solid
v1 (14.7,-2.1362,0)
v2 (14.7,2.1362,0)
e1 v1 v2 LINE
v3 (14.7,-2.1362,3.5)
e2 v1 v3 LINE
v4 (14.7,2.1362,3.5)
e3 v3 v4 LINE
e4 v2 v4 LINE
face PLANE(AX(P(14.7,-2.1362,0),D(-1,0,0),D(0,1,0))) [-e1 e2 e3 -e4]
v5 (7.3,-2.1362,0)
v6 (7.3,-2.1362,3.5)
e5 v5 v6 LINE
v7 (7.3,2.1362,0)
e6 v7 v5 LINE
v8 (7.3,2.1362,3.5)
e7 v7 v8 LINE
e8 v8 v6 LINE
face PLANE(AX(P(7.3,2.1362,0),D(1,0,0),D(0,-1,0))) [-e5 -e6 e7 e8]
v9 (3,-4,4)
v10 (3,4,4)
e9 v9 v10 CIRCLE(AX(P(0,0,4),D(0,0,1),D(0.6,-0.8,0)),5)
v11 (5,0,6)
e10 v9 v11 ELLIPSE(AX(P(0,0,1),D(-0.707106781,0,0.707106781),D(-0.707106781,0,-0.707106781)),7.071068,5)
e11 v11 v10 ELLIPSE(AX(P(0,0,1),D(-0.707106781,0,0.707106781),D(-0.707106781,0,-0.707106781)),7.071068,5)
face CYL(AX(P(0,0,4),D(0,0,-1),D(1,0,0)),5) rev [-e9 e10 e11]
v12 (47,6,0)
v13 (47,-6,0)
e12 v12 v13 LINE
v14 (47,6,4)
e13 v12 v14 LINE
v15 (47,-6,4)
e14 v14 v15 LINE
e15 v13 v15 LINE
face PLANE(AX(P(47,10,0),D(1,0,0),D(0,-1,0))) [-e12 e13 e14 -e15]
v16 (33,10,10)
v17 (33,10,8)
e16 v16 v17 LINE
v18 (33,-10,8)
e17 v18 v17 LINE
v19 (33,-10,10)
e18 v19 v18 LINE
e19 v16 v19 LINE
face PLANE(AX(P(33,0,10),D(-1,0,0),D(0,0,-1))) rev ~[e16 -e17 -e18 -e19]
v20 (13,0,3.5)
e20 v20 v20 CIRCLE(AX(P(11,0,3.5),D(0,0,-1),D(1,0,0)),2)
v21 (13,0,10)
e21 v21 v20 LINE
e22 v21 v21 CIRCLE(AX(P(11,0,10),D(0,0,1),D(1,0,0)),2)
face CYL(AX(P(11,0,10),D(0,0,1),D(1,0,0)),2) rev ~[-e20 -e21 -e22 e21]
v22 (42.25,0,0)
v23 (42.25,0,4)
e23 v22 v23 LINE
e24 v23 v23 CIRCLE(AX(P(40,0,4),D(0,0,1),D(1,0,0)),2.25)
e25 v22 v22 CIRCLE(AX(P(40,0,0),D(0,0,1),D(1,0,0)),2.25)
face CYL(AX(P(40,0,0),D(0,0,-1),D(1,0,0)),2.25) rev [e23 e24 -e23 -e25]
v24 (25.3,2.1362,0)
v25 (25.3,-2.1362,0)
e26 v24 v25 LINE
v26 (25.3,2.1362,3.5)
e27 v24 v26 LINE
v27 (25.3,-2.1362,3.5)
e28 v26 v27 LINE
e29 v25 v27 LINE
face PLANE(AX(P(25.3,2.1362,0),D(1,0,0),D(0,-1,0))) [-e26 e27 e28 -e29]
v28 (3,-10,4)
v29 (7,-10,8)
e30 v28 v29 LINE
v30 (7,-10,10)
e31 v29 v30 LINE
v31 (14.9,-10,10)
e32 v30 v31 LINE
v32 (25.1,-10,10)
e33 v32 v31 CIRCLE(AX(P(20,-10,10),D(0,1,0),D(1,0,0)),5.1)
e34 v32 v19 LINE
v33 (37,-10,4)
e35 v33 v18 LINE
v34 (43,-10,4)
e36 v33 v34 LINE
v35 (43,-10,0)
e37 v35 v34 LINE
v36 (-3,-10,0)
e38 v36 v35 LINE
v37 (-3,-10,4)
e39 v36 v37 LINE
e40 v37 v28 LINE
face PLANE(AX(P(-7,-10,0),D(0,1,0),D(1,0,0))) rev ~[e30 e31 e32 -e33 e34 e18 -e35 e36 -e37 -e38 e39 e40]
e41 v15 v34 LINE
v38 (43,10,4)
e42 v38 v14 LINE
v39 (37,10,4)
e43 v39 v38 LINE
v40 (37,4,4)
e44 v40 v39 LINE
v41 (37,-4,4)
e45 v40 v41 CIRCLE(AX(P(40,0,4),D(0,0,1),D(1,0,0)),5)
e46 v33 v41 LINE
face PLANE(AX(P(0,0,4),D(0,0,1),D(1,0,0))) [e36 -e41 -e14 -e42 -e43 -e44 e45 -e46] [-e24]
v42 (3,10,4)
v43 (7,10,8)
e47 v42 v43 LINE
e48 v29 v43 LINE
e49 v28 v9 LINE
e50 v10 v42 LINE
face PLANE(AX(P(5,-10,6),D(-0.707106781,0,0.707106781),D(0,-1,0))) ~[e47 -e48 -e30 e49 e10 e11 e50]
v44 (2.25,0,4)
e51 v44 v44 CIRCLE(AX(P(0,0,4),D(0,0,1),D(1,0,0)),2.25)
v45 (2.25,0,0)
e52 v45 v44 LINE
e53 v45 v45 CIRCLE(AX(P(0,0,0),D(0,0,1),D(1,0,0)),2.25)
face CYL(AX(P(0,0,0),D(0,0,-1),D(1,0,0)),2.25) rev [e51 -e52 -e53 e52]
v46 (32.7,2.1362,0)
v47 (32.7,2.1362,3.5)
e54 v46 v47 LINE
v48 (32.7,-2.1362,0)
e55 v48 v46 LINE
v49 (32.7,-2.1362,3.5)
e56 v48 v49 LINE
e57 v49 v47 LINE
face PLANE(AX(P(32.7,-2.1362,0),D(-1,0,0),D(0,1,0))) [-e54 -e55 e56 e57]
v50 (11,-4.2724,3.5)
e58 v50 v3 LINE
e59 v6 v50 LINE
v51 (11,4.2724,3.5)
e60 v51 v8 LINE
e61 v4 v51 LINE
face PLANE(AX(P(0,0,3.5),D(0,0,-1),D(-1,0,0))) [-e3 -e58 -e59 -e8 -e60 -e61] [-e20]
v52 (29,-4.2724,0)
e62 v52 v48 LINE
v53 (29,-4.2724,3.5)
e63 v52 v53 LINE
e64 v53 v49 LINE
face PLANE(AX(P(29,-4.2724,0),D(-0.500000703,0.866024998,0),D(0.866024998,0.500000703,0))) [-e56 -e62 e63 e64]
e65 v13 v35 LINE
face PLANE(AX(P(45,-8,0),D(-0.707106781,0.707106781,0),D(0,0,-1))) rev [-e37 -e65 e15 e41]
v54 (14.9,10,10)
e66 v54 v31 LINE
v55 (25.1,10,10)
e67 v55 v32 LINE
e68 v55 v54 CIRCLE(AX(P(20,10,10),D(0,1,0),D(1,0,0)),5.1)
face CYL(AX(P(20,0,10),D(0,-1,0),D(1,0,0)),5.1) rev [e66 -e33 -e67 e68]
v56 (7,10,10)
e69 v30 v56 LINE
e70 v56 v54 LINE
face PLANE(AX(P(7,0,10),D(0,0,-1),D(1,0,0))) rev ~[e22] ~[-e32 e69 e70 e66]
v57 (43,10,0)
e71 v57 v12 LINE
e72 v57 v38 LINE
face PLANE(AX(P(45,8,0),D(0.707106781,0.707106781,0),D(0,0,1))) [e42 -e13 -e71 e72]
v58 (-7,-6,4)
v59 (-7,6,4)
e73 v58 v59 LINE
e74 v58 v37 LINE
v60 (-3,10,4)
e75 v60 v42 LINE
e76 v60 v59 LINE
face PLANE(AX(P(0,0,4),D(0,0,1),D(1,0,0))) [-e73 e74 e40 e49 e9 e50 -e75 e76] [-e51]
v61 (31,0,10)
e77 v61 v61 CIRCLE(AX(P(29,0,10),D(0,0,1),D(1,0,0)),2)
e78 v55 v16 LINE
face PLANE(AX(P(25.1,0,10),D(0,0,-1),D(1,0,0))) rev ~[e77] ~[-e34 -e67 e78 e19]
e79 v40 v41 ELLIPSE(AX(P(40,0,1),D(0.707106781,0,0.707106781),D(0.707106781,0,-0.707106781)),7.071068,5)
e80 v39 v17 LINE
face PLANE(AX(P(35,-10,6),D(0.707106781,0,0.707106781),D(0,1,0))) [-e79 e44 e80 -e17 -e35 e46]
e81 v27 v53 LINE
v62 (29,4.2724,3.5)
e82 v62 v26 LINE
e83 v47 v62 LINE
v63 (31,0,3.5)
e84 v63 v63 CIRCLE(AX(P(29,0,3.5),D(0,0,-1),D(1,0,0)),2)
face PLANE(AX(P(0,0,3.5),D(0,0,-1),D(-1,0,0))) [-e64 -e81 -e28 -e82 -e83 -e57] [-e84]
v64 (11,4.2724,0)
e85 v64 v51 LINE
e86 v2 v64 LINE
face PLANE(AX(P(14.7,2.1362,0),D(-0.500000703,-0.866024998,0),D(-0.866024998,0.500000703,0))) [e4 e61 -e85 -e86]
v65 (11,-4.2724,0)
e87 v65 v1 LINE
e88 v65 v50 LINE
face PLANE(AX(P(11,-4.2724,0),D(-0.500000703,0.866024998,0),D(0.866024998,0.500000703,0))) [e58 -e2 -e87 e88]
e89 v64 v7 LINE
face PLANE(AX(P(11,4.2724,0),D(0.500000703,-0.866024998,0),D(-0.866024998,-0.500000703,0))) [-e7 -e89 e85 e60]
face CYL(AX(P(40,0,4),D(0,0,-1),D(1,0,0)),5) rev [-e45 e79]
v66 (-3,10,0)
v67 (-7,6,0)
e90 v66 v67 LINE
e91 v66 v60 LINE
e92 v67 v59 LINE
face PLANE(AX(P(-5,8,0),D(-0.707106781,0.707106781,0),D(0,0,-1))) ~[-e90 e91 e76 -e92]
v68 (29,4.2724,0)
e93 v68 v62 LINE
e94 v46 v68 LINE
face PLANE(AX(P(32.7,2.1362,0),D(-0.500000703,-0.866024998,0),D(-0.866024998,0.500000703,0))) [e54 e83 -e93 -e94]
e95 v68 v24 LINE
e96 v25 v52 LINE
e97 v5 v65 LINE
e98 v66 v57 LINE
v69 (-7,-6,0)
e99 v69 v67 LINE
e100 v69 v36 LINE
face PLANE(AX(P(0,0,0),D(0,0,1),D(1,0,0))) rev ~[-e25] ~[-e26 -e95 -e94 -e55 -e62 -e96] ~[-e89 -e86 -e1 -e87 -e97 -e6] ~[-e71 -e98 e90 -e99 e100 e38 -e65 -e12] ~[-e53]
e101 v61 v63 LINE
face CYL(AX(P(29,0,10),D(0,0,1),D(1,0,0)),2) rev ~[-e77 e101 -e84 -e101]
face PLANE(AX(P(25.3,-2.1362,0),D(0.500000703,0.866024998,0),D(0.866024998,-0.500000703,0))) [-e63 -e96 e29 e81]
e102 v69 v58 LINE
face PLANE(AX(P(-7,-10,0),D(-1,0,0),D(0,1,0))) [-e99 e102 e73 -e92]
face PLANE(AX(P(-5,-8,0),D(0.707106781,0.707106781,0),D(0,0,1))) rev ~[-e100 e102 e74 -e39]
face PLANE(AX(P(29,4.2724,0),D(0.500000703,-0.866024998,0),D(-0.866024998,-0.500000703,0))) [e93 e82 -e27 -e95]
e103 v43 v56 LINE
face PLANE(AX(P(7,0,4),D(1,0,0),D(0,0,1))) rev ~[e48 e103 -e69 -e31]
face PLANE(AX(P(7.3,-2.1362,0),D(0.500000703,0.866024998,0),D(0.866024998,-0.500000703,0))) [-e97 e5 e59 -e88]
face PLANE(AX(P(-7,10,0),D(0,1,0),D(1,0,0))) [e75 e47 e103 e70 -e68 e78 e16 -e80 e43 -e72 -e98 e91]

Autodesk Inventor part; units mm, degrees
ref_plane "YZ Plane" through (0, 0, 0) normal (1, 0, 0) x (0, 1, 0)
ref_plane "XZ Plane" through (0, 0, 0) normal (0, 1, 0) x (-1, 0, 0)
sketch "Sketch1" plane through (0, 0, 0) normal (0, 0, 1) x (1, 0, 0)
  circle A0 centre (0, 0) radius 2.25
  circle A1 centre (40, 0) radius 2.25
  line L0 (-7, 10) -> (47, 10)
  line L1 (-7, -10) -> (47, -10)
  line L2 (-7, -10) -> (-7, 10)
  line L3 (47, 10) -> (47, -10)
  dimension "d0" = 4.5
  dimension "d1" = 4.5
  dimension "d2" = 40
  dimension "d48" = 7
  dimension "d49" = 7
  dimension "d50" = 20
  dimension "d51" = 10
extrude "Extrusion1" add sketch "Sketch1" along normal blind 4
ref_plane "Work Plane1" through (-7, 0, 0) normal (0, 1, 0) x (1, 0, 0)
sketch "Sketch4" plane through (-7, 0, 0) normal (0, 1, 0) x (1, 0, 0)
  line L0 (0, 0) -> (54, 0) projected
  line L1 (0, 0) -> (0, -4) projected
  line L2 (54, -4) -> (0, -4) projected
  line L3 (54, 0) -> (54, -4) projected
  line L4 (0, 0) -> (0, 0) projected
  line L5 (0, 0) -> (0, -4) projected
  line L6 (0, -4) -> (0, -4) projected
  line L7 (0, 0) -> (0, -4) projected
  line L8 (40, 0) -> (40, 0) projected
  line L9 (40, 0) -> (40, -4) projected
  line L10 (40, -4) -> (40, -4) projected
  line L11 (40, 0) -> (40, -4) projected
  circle A0 centre (27, -10) radius 5.1
  line L12 (14, -4) -> (14, -10)
  line L13 (14, -10) -> (21.9, -10)
  line L14 (32.1, -10) -> (40, -10)
  line L15 (40, -10) -> (40, -4)
  line L16 (0, -4) -> (54, -4) projected
  line L17 (14, -4) -> (40, -4)
  point P0 (7, 0)
  dimension "d23" = 10.2
  dimension "d24" = 6
  dimension "d25" = 26
  dimension "d26" = 13
  dimension "d27" = 14
extrude "Extrusion4" add sketch "Sketch4" along normal mid plane 20 contours L15 L14 A0 L13 L12 L2
chamfer "Chamfer1" distance 4 angle 45 2 edges at (7, 0, 4) (33, 0, 4)
sketch "Sketch5" plane through (0, 0, 4) normal (0, 0, 1) x (1, 0, 0)
  circle A0 centre (40, 0) radius 2.25 projected
  line L0 (3, 10) -> (-7, 10) projected
  line L1 (-7, -10) -> (3, -10) projected
  circle A1 centre (0, 0) radius 2.25 projected
  circle A2 centre (0, 0) radius 5
  circle A3 centre (40, 0) radius 2.25 projected
  circle A4 centre (40, 0) radius 5
  circle A5 centre (40, 0) radius 2.25 projected
  line L2 (47, -10) -> (47, 10) projected
  line L3 (47, 10) -> (37, 10) projected
  line L4 (-7, 10) -> (-7, -10) projected
  line L5 (37, -10) -> (37, 10) projected
  line L6 (37, -10) -> (47, -10) projected
  line L7 (3, 10) -> (3, -10) projected
  point P0 (39.5, -2.4495)
  point P1 (39.5, 2.4495)
  dimension "d33" = 10
  dimension "d34" = 10
extrude "Extrusion5" cut sketch "Sketch5" along normal up to surface (6 mm away) contours L7 A2 | A2 L7 | A1 | A4 L5 | L5 A4
sketch "Sketch6" plane through (7, 10, 10) normal (0, 0, 1) x (1, 0, 0)
  line L0 (26, -20) -> (26, 0) projected
  line L1 (18.1, 0) -> (26, 0) projected
  line L2 (18.1, -20) -> (18.1, 0) projected
  line L3 (26, -20) -> (18.1, -20) projected
  circle A0 centre (4, -10) radius 2
  circle A1 centre (22, -10) radius 2
  point P0 (-7, -10)
  dimension "d37" = 4
  dimension "d38" = 4
  dimension "d39" = 10
  dimension "d40" = 18
  dimension "d41" = 3.9
extrude "Extrusion6" cut sketch "Sketch6" against normal up to surface (10 mm away) contours A0 | A1
sketch "Sketch7" plane through (0, 0, 0) normal (0, 0, -1) x (-1, 0, 0)
  circle A0 centre (-11, 0) radius 2 projected
  circle A1 centre (-29, 0) radius 2 projected
  line L0 (-29, 4.2724) -> (-25.3, 2.1362)
  line L1 (-25.3, 2.1362) -> (-25.3, -2.1362)
  line L2 (-25.3, -2.1362) -> (-29, -4.2724)
  line L3 (-29, -4.2724) -> (-32.7, -2.1362)
  line L4 (-32.7, -2.1362) -> (-32.7, 2.1362)
  line L5 (-32.7, 2.1362) -> (-29, 4.2724)
  line L6 (-11, 4.2724) -> (-7.3, 2.1362)
  line L7 (-7.3, 2.1362) -> (-7.3, -2.1362)
  line L8 (-7.3, -2.1362) -> (-11, -4.2724)
  line L9 (-11, -4.2724) -> (-14.7, -2.1362)
  line L10 (-14.7, -2.1362) -> (-14.7, 2.1362)
  line L11 (-14.7, 2.1362) -> (-11, 4.2724)
  dimension "d44" = 7.4
extrude "Extrusion7" cut sketch "Sketch7" against normal blind 3.5
chamfer "Chamfer2" distance 4 angle 45 4 edges at (-7, 10, 2) (-7, -10, 2) (47, 10, 2) (47, -10, 2)
properties part number "ZAxisRodClampBody" material "ABS Plastic"
